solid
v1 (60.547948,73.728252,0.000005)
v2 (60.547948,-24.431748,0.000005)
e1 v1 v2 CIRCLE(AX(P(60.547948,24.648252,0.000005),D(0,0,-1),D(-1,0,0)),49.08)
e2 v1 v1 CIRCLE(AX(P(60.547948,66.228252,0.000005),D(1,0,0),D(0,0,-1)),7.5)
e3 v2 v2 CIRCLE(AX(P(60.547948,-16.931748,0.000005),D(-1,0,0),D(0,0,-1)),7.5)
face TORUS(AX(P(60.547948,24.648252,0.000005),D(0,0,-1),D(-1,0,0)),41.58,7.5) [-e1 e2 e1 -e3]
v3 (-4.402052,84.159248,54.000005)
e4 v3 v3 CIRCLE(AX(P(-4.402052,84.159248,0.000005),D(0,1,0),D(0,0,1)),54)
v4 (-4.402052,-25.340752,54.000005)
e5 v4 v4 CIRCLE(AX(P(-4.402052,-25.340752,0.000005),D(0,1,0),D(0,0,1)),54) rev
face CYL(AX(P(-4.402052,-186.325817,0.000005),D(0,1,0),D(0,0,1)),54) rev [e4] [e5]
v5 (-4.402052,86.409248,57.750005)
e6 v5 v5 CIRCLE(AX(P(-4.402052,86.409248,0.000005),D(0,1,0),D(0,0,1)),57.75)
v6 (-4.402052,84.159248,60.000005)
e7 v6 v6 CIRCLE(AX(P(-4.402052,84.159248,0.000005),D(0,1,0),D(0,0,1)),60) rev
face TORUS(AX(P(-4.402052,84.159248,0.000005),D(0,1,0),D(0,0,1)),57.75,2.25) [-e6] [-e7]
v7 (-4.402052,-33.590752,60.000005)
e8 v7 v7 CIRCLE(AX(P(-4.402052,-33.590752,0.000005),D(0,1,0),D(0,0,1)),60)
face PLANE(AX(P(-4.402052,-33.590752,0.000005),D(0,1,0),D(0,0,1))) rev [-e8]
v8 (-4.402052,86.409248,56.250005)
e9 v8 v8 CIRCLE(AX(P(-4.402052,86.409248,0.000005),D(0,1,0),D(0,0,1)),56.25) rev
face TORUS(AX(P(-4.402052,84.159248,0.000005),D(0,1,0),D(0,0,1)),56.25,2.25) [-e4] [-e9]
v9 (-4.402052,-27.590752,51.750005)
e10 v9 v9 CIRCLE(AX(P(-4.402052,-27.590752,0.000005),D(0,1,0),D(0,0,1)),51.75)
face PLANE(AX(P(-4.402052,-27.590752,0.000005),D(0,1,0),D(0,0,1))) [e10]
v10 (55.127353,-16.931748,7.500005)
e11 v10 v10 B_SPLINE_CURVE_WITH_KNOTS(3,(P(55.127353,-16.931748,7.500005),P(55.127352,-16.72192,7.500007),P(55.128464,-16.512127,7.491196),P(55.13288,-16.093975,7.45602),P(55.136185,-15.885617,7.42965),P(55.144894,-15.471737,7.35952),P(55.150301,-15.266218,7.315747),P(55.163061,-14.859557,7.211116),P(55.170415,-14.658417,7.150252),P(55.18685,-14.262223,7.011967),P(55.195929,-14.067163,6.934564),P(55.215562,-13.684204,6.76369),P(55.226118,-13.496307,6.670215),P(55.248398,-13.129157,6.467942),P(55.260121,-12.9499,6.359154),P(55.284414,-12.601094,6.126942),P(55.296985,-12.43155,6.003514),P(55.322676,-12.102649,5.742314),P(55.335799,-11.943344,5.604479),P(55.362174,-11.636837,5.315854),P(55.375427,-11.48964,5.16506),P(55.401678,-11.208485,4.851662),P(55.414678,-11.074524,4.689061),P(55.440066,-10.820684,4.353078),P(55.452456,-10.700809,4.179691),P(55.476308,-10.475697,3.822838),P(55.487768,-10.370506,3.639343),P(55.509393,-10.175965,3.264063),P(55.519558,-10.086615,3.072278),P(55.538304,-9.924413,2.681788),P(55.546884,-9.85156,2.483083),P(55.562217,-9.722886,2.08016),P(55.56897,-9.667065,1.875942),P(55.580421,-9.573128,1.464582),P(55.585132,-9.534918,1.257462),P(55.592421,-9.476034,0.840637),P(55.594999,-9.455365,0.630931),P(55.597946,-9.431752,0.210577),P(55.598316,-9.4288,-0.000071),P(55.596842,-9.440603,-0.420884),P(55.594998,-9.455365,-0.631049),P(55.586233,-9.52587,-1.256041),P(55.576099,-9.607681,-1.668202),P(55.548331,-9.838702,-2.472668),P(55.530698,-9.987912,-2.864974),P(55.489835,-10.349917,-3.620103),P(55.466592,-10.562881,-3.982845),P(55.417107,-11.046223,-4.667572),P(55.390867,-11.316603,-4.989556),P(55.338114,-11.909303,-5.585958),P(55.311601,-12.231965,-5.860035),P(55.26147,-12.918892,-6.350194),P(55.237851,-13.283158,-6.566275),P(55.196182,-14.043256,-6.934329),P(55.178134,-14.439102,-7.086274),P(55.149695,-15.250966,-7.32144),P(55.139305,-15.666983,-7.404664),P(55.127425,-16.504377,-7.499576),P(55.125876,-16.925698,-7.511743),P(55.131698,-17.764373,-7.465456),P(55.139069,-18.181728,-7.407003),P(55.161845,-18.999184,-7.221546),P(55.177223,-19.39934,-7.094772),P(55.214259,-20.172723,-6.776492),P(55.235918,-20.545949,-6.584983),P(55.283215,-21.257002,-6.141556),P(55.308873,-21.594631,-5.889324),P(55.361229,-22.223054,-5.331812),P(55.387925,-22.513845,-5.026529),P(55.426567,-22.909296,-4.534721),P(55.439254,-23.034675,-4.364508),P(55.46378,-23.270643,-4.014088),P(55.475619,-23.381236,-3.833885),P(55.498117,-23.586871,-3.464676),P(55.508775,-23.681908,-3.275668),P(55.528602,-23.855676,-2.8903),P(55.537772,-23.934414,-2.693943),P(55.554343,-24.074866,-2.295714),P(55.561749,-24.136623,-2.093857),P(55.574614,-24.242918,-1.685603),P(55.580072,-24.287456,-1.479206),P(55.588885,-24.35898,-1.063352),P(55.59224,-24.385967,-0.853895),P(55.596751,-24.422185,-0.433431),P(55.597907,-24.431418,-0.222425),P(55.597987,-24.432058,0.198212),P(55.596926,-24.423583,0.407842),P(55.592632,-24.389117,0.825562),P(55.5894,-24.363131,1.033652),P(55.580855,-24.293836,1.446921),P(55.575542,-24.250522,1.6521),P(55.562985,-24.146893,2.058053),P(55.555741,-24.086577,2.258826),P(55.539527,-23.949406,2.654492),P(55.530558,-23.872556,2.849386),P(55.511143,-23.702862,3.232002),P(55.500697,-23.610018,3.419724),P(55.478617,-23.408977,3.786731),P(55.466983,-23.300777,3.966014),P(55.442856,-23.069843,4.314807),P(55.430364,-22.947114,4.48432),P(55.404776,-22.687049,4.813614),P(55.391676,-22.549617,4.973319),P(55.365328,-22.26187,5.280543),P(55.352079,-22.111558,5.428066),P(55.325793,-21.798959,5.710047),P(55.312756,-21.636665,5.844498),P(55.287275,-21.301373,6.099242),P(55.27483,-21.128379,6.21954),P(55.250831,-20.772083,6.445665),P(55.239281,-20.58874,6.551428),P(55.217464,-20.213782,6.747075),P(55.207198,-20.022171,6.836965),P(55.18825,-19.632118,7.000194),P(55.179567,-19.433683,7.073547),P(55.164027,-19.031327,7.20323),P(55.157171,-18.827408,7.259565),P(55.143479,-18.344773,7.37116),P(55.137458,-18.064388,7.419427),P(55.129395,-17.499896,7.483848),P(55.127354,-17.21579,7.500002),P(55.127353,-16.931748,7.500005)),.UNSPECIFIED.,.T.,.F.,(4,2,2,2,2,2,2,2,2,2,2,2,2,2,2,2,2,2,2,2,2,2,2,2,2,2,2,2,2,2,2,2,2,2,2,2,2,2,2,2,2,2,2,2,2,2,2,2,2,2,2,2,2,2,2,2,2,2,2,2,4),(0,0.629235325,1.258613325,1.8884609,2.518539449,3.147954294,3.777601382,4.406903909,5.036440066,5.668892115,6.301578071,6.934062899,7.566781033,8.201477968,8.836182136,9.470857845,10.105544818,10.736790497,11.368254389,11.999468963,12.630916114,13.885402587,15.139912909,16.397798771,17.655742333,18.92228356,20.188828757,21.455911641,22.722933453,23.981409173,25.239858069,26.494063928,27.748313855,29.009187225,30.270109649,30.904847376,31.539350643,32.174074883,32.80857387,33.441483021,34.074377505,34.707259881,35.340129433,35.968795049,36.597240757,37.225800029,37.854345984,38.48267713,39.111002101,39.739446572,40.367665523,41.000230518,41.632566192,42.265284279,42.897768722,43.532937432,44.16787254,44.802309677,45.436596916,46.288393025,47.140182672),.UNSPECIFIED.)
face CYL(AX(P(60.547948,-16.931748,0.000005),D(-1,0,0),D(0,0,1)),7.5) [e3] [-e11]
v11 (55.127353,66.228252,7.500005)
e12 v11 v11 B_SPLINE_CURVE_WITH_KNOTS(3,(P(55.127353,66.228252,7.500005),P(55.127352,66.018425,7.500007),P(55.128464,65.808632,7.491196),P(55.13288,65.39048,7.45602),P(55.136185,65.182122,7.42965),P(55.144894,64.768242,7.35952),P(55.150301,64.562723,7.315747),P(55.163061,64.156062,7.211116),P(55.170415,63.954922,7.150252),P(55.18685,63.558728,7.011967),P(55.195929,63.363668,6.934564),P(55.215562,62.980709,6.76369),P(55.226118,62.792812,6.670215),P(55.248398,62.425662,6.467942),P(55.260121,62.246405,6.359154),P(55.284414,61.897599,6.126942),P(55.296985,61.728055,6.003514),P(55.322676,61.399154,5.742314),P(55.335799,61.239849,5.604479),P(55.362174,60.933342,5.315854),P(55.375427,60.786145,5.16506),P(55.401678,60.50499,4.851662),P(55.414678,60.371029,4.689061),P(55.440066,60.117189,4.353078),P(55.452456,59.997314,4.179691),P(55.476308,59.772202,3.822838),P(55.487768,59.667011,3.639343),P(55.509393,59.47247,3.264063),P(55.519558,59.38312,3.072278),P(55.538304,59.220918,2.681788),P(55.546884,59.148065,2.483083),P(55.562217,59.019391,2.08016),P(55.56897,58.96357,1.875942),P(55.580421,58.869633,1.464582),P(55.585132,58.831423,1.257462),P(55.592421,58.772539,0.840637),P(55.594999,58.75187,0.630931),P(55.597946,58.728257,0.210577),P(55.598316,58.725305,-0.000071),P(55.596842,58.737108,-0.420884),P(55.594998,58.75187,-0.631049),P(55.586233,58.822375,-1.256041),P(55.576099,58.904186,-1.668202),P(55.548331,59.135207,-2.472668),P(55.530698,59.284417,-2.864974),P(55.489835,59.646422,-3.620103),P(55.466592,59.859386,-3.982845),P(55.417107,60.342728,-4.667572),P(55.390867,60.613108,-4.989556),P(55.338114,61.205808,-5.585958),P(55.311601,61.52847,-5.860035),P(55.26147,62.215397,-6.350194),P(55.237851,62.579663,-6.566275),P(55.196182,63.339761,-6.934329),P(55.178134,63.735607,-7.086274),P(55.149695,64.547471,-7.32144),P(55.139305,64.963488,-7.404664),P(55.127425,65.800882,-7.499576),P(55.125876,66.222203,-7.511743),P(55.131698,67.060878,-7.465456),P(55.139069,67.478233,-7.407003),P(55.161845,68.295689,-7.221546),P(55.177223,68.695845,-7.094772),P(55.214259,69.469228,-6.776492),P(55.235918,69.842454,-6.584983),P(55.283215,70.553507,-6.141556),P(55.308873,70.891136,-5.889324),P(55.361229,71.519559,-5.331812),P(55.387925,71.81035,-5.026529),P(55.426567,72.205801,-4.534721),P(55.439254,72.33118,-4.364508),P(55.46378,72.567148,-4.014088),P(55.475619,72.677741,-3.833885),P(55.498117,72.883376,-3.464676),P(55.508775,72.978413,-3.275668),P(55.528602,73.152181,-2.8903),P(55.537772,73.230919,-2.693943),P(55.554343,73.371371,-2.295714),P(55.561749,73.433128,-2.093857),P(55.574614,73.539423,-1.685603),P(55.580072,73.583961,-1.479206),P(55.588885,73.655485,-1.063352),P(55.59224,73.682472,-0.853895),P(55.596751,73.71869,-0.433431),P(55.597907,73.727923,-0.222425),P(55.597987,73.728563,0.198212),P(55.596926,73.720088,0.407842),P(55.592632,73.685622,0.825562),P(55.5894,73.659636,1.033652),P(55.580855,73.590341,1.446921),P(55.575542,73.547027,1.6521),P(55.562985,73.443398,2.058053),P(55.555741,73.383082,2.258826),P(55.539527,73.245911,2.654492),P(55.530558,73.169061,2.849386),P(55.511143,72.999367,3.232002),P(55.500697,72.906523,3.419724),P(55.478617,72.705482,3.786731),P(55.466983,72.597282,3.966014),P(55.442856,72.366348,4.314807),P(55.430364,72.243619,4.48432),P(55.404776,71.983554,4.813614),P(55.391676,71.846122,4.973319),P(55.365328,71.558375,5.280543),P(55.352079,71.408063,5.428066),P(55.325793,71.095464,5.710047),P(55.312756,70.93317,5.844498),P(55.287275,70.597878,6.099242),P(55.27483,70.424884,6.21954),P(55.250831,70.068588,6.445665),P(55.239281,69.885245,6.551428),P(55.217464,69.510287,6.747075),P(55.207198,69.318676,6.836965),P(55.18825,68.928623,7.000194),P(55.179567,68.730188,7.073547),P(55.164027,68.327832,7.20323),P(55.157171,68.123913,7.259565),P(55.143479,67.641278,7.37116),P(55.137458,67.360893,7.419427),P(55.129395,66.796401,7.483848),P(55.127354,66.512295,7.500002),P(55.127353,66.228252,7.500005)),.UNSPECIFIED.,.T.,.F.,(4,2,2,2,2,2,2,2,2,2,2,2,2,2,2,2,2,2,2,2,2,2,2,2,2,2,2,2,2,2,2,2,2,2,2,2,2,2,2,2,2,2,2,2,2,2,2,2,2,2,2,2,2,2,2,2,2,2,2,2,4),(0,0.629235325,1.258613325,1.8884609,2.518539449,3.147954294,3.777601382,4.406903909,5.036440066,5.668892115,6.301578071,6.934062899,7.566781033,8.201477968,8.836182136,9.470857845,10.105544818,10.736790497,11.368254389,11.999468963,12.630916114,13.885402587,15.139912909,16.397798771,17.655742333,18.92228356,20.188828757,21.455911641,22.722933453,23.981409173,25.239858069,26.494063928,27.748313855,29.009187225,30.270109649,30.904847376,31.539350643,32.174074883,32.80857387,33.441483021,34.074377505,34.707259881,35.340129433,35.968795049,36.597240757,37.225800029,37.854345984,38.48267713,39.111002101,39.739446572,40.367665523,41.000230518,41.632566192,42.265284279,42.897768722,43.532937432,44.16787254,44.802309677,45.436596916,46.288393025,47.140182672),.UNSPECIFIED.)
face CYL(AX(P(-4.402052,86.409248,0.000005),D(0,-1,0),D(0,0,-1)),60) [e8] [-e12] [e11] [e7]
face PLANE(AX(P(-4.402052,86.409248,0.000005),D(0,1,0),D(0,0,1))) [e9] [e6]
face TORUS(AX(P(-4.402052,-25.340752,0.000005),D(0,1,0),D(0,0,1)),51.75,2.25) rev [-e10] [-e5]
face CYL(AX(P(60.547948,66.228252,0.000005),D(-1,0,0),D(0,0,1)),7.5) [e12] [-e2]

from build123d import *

# Parameters (mm, degrees)
SKETCH1_R          = 20
EXTRUDE1_DEPTH     = 40
SKETCH2_R          = 2.5
SKETCH4_R          = 18
CUT_EXTRUDE1_DEPTH = 38
FILLET1_R          = 0.75
FILLET2_R          = 0.75
SCALE1_SCALE       = 2.5
SCALE2_SCALE       = 1.2


with BuildPart() as part:
    # Sketch1 → Extrude1 (new body)
    with BuildSketch(Plane(origin=(0, 0, 0), x_dir=(1, 0, 0), z_dir=(0, 1, 0))):
        Circle(SKETCH1_R)
    extrude(amount=EXTRUDE1_DEPTH)

    # Sweep1: sweep along a path in Sketch3
    with BuildLine(Plane.XY) as sweep1_path:
        Line((0, 30.773001508), (21.65, 30.773001508))
        ThreePointArc((21.65, 30.773001508), (33.01, 19.413001508), (21.65, 8.053001508))
        Line((21.65, 8.053001508), (0, 8.053001508))
    # Sketch2 → Sweep1 (sweep)
    with BuildSketch(Plane(origin=(0, 0, 0), x_dir=(0, 0, -1), z_dir=(1, 0, 0))):
        with Locations((0, 33.273001508)):
            Circle(SKETCH2_R)
    sweep(path=sweep1_path.line)

    # Sketch4 → Cut-Extrude1 (cut)
    with BuildSketch(Plane(origin=(0, 40, 0), x_dir=(-1, 0, 0), z_dir=(0, 1, 0))):
        Circle(SKETCH4_R)
    extrude(amount=-CUT_EXTRUDE1_DEPTH, mode=Mode.SUBTRACT)

    # Fillet1
    fillet1_edges = [part.edges().sort_by_distance(p)[0] for p in [
        (18, 40, 0),
        (-20, 40, 0),
    ]]
    fillet(fillet1_edges, radius=FILLET1_R)

    # Fillet2
    fillet2_edges = [part.edges().sort_by_distance(p)[0] for p in [
        (18, 2, 0),
    ]]
    fillet(fillet2_edges, radius=FILLET2_R)


with BuildPart() as part_1:
    # Scale1: scaled about (2.200885097, 16.795438051, 2.029e-06)
    add(part.part.scale(SCALE1_SCALE).moved(Location((-3.301327645, -25.193157077, -3.043e-06))))


with BuildPart() as part_2:
    # Scale2: scaled about (2.200885096, 16.795438052, 2.029e-06)
    add(part_1.part.scale(SCALE2_SCALE).moved(Location((-0.440177019, -3.35908761, -4.06e-07))))


solid = part_2.part
